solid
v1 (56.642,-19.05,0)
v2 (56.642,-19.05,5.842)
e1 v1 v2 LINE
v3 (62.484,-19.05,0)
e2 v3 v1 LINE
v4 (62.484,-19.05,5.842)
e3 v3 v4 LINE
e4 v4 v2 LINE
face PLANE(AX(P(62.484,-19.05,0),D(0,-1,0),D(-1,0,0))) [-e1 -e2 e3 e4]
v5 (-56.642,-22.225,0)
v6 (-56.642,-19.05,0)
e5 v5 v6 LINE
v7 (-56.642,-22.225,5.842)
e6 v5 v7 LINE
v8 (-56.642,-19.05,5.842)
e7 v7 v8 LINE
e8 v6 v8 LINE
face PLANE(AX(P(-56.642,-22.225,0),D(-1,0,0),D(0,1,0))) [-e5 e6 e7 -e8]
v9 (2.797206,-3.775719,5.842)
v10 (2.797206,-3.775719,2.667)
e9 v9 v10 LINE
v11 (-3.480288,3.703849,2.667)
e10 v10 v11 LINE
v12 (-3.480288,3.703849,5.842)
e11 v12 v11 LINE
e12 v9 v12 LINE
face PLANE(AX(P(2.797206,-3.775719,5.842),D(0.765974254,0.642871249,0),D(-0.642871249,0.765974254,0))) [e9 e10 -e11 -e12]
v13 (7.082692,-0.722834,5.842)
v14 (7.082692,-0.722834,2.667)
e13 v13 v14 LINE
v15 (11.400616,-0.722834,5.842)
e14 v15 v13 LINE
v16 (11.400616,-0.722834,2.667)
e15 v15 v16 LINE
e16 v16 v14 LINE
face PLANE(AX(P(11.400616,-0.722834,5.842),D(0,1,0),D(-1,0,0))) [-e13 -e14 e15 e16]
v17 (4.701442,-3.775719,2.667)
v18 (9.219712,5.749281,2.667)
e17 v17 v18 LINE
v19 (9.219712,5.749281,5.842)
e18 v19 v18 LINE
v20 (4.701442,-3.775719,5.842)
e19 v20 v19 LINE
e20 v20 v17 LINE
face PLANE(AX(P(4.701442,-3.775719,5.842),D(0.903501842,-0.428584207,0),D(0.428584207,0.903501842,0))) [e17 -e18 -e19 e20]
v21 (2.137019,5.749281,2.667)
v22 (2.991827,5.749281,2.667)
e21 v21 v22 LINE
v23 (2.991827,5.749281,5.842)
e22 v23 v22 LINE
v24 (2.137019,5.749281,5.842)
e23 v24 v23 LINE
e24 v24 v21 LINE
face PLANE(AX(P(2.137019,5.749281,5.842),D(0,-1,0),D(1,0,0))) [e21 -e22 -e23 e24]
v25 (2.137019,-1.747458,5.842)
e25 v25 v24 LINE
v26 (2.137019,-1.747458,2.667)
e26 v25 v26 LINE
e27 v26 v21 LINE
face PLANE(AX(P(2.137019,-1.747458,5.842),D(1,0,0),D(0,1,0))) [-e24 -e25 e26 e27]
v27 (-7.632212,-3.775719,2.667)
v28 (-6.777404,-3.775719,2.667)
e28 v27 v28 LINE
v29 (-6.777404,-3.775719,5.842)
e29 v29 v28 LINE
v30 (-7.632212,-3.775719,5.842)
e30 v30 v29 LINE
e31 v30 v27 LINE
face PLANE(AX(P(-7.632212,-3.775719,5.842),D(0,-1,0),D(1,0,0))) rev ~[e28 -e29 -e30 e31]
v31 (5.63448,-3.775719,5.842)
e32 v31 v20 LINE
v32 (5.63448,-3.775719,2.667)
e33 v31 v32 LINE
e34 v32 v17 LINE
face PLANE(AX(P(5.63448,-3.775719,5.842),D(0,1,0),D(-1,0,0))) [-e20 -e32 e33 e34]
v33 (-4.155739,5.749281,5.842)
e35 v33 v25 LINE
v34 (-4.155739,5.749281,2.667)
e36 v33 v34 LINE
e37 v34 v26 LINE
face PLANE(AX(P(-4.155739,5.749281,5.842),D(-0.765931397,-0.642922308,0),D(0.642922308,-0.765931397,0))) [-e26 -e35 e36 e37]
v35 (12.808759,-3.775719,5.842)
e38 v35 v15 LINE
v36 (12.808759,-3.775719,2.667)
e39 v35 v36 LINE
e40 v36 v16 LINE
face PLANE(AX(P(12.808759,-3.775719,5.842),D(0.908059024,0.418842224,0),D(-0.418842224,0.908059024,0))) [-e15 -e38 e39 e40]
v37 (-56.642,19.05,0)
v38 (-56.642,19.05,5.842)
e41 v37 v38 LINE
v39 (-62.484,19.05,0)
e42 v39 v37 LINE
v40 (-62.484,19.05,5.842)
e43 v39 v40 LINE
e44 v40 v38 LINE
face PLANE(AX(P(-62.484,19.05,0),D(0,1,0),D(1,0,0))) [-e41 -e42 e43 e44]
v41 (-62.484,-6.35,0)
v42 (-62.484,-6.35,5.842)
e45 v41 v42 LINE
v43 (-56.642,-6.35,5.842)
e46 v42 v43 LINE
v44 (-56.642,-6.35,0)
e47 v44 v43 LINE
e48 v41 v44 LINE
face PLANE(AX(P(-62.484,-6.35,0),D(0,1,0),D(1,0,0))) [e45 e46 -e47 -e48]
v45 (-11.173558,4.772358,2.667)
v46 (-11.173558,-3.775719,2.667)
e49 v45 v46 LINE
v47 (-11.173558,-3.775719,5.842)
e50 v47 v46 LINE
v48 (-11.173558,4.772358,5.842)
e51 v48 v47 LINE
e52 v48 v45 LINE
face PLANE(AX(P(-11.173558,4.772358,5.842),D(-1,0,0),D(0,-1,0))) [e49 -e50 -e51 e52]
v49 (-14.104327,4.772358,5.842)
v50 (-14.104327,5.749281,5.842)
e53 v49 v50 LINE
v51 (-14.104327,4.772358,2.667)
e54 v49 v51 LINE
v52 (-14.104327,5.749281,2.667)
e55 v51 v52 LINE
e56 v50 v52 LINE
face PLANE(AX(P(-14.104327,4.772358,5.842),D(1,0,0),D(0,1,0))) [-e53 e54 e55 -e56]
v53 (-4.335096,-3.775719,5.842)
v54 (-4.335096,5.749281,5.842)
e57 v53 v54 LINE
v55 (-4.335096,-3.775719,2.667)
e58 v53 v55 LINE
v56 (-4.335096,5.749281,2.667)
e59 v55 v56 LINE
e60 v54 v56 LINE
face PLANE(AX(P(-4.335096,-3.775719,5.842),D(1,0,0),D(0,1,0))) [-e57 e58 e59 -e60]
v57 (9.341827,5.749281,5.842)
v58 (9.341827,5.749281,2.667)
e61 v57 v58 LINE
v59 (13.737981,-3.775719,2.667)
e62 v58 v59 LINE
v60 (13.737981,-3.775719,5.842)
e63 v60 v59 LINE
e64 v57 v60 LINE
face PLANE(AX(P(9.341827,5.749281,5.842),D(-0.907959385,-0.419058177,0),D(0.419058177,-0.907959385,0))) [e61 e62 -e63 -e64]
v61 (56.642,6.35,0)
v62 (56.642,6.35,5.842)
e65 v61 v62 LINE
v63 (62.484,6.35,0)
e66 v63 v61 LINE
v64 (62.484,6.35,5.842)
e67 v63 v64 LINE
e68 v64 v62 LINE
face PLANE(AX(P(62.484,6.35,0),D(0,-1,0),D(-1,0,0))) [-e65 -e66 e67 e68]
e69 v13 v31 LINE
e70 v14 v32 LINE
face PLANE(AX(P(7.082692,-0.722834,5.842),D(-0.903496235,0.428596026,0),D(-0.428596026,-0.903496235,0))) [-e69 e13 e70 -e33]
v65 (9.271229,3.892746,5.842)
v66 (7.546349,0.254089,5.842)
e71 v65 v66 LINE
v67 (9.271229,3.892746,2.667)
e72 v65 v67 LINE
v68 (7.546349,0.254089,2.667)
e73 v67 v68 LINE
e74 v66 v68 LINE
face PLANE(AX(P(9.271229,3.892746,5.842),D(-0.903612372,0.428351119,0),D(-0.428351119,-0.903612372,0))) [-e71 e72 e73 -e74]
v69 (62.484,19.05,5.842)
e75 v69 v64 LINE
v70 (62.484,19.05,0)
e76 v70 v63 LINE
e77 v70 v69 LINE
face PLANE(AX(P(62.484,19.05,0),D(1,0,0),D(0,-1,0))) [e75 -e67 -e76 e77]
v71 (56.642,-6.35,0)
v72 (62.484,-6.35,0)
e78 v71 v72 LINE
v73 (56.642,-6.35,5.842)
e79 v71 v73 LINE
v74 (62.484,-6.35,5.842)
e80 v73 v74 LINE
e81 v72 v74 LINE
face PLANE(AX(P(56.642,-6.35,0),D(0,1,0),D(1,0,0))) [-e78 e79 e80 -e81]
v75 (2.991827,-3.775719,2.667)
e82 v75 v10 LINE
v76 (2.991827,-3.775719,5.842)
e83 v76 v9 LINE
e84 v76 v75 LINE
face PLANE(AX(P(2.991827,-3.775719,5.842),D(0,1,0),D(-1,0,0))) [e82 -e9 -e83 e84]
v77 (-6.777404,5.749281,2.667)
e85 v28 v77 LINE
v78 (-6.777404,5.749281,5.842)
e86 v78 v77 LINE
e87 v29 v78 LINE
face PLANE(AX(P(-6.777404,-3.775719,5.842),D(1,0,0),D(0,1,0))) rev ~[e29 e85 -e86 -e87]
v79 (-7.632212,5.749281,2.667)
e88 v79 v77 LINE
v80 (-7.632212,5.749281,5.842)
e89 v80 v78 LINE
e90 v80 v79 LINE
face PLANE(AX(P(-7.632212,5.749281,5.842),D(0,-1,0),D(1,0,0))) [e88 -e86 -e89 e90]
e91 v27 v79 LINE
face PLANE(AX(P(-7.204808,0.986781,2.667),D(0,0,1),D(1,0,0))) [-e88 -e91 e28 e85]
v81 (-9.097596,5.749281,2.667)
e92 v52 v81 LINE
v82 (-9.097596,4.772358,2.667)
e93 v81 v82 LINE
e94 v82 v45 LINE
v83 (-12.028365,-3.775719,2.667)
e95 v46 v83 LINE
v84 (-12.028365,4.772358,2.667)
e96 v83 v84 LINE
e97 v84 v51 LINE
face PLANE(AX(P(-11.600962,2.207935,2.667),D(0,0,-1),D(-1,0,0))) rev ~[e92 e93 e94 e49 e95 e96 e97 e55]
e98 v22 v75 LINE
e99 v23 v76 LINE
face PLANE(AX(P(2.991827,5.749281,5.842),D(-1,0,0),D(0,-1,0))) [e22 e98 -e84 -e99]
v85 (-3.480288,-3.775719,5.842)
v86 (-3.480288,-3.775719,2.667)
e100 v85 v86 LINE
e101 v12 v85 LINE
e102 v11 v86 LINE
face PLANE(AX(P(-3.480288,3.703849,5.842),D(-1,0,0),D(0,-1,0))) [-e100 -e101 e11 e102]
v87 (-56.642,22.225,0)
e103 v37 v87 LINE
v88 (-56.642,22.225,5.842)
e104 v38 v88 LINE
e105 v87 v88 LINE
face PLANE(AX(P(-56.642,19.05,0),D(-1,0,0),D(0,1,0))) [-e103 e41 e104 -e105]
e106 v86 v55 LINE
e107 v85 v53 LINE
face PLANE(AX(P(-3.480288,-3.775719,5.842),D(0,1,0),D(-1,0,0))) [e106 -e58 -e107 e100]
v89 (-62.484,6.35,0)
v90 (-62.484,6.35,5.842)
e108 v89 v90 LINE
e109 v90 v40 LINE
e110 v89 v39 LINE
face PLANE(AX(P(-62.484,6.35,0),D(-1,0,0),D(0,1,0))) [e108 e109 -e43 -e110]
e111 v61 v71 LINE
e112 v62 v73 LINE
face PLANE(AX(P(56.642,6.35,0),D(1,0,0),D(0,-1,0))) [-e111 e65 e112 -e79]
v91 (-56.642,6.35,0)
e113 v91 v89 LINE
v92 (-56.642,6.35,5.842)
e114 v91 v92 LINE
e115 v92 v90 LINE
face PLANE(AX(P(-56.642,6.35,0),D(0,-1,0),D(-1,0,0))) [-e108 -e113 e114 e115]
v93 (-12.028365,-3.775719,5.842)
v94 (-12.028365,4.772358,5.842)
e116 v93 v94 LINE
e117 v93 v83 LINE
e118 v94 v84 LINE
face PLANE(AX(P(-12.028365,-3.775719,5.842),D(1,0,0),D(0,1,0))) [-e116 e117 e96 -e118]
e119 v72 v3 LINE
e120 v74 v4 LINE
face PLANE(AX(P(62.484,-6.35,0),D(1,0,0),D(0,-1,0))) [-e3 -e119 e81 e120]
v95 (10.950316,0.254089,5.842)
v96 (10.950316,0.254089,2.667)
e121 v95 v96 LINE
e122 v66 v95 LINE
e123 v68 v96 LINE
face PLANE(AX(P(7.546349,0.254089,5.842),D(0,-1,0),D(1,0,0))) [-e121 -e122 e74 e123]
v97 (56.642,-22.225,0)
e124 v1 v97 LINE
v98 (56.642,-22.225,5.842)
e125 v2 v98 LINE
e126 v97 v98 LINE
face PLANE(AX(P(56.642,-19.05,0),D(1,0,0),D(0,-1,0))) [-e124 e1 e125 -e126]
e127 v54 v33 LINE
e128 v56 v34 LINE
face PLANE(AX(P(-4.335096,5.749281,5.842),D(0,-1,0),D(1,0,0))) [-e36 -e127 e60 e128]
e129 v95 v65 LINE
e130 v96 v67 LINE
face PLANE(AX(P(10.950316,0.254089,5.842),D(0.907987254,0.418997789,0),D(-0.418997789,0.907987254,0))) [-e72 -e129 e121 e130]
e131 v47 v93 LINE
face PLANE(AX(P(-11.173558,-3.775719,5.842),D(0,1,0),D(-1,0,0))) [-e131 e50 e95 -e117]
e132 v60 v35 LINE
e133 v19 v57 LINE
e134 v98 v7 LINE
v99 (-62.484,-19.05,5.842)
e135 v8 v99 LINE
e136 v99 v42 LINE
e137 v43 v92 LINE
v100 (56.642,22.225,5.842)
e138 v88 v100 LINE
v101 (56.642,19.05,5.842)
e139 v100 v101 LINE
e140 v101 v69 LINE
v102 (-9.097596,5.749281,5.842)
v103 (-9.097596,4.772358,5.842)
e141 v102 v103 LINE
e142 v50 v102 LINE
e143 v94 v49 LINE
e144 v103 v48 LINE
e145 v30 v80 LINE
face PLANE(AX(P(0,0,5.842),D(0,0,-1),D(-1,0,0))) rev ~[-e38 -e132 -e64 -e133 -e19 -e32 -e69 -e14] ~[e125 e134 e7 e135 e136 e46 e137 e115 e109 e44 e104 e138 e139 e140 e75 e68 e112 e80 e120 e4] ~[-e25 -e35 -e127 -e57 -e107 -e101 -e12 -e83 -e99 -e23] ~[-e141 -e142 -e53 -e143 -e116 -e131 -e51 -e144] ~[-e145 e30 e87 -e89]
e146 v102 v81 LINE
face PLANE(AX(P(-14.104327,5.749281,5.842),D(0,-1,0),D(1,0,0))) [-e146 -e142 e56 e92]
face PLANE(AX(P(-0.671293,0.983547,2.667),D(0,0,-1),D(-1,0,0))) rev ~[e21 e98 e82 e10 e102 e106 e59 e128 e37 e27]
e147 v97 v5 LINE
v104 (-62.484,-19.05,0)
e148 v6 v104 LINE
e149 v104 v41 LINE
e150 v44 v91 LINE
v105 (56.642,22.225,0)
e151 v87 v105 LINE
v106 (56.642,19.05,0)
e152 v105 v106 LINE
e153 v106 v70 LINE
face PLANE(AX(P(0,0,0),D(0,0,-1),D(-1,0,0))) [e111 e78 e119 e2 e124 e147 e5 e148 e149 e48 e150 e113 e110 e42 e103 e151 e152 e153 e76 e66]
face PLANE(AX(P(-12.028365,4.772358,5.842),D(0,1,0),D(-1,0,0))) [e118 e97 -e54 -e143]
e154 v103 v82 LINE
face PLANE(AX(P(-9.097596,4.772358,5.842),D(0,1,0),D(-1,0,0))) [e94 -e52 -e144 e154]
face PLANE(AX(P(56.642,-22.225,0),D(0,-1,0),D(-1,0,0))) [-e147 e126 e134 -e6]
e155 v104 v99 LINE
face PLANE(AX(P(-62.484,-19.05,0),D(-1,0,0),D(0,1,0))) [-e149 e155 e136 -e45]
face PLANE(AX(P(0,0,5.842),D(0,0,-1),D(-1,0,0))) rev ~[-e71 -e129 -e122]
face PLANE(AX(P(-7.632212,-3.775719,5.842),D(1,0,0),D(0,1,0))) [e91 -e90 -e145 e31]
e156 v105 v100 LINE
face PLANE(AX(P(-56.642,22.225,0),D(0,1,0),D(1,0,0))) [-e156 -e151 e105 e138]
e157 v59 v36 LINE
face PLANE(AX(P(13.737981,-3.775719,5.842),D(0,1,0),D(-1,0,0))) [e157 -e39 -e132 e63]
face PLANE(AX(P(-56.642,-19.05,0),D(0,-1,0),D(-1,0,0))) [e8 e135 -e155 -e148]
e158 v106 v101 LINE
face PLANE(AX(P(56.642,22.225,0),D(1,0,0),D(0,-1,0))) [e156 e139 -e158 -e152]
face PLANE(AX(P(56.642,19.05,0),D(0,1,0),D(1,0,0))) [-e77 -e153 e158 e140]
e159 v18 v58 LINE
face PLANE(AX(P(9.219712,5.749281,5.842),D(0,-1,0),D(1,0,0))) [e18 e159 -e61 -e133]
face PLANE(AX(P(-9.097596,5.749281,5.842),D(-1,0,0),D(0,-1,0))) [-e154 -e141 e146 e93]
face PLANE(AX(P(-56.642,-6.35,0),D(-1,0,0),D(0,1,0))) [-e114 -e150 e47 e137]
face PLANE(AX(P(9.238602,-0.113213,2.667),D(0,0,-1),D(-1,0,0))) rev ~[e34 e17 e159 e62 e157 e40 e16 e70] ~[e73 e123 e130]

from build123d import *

# Parameters (mm, degrees)
BOSS_EXTRUDE1_DEPTH = 5.842
SKETCH2_W           = 0.854807692
SKETCH2_H           = 9.525
CUT_EXTRUDE1_DEPTH  = 3.175


with BuildPart() as part:
    # Sketch1 → Boss-Extrude1 (new body)
    with BuildSketch(Plane.XY):
        Polygon((56.642, -22.225), (-56.642, -22.225), (-56.642, -19.05), (-62.484, -19.05), (-62.484, -6.35), (-56.642, -6.35), (-56.642, 6.35), (-62.484, 6.35), (-62.484, 19.05), (-56.642, 19.05), (-56.642, 22.225), (56.642, 22.225), (56.642, 19.05), (62.484, 19.05), (62.484, 6.35), (56.642, 6.35), (56.642, -6.35), (62.484, -6.35), (62.484, -19.05), (56.642, -19.05), align=None)
    extrude(amount=BOSS_EXTRUDE1_DEPTH)

    # Sketch2 → Cut-Extrude1 (cut)
    with BuildSketch(Plane.XY.offset(5.842)):
        Polygon((-14.104326923, 4.772358215), (-14.104326923, 5.749281292), (-9.097596154, 5.749281292), (-9.097596154, 4.772358215), (-11.173557692, 4.772358215), (-11.173557692, -3.775718708), (-12.028365385, -3.775718708), (-12.028365385, 4.772358215), align=None)
        with Locations((-7.204807692, 0.986781292)):
            Rectangle(SKETCH2_W, SKETCH2_H)
        Polygon((-4.335096154, -3.775718708), (-4.335096154, 5.749281292), (-4.155739183, 5.749281292), (2.137019231, -1.747458491), (2.137019231, 5.749281292), (2.991826923, 5.749281292), (2.991826923, -3.775718708), (2.797205529, -3.775718708), (-3.480288462, 3.7038486), (-3.480288462, -3.775718708), align=None)
        Polygon((9.341826923, 5.749281292), (13.737980769, -3.775718708), (12.808759014, -3.775718708), (11.400615986, -0.722834092), (7.082692308, -0.722834092), (5.634480168, -3.775718708), (4.701442308, -3.775718708), (9.219711538, 5.749281292), align=None)
        Polygon((9.271228966, 3.892745835), (7.546349159, 0.254088984), (10.950315505, 0.254088984), align=None, mode=Mode.SUBTRACT)
    extrude(amount=-CUT_EXTRUDE1_DEPTH, mode=Mode.SUBTRACT)


solid = part.part
